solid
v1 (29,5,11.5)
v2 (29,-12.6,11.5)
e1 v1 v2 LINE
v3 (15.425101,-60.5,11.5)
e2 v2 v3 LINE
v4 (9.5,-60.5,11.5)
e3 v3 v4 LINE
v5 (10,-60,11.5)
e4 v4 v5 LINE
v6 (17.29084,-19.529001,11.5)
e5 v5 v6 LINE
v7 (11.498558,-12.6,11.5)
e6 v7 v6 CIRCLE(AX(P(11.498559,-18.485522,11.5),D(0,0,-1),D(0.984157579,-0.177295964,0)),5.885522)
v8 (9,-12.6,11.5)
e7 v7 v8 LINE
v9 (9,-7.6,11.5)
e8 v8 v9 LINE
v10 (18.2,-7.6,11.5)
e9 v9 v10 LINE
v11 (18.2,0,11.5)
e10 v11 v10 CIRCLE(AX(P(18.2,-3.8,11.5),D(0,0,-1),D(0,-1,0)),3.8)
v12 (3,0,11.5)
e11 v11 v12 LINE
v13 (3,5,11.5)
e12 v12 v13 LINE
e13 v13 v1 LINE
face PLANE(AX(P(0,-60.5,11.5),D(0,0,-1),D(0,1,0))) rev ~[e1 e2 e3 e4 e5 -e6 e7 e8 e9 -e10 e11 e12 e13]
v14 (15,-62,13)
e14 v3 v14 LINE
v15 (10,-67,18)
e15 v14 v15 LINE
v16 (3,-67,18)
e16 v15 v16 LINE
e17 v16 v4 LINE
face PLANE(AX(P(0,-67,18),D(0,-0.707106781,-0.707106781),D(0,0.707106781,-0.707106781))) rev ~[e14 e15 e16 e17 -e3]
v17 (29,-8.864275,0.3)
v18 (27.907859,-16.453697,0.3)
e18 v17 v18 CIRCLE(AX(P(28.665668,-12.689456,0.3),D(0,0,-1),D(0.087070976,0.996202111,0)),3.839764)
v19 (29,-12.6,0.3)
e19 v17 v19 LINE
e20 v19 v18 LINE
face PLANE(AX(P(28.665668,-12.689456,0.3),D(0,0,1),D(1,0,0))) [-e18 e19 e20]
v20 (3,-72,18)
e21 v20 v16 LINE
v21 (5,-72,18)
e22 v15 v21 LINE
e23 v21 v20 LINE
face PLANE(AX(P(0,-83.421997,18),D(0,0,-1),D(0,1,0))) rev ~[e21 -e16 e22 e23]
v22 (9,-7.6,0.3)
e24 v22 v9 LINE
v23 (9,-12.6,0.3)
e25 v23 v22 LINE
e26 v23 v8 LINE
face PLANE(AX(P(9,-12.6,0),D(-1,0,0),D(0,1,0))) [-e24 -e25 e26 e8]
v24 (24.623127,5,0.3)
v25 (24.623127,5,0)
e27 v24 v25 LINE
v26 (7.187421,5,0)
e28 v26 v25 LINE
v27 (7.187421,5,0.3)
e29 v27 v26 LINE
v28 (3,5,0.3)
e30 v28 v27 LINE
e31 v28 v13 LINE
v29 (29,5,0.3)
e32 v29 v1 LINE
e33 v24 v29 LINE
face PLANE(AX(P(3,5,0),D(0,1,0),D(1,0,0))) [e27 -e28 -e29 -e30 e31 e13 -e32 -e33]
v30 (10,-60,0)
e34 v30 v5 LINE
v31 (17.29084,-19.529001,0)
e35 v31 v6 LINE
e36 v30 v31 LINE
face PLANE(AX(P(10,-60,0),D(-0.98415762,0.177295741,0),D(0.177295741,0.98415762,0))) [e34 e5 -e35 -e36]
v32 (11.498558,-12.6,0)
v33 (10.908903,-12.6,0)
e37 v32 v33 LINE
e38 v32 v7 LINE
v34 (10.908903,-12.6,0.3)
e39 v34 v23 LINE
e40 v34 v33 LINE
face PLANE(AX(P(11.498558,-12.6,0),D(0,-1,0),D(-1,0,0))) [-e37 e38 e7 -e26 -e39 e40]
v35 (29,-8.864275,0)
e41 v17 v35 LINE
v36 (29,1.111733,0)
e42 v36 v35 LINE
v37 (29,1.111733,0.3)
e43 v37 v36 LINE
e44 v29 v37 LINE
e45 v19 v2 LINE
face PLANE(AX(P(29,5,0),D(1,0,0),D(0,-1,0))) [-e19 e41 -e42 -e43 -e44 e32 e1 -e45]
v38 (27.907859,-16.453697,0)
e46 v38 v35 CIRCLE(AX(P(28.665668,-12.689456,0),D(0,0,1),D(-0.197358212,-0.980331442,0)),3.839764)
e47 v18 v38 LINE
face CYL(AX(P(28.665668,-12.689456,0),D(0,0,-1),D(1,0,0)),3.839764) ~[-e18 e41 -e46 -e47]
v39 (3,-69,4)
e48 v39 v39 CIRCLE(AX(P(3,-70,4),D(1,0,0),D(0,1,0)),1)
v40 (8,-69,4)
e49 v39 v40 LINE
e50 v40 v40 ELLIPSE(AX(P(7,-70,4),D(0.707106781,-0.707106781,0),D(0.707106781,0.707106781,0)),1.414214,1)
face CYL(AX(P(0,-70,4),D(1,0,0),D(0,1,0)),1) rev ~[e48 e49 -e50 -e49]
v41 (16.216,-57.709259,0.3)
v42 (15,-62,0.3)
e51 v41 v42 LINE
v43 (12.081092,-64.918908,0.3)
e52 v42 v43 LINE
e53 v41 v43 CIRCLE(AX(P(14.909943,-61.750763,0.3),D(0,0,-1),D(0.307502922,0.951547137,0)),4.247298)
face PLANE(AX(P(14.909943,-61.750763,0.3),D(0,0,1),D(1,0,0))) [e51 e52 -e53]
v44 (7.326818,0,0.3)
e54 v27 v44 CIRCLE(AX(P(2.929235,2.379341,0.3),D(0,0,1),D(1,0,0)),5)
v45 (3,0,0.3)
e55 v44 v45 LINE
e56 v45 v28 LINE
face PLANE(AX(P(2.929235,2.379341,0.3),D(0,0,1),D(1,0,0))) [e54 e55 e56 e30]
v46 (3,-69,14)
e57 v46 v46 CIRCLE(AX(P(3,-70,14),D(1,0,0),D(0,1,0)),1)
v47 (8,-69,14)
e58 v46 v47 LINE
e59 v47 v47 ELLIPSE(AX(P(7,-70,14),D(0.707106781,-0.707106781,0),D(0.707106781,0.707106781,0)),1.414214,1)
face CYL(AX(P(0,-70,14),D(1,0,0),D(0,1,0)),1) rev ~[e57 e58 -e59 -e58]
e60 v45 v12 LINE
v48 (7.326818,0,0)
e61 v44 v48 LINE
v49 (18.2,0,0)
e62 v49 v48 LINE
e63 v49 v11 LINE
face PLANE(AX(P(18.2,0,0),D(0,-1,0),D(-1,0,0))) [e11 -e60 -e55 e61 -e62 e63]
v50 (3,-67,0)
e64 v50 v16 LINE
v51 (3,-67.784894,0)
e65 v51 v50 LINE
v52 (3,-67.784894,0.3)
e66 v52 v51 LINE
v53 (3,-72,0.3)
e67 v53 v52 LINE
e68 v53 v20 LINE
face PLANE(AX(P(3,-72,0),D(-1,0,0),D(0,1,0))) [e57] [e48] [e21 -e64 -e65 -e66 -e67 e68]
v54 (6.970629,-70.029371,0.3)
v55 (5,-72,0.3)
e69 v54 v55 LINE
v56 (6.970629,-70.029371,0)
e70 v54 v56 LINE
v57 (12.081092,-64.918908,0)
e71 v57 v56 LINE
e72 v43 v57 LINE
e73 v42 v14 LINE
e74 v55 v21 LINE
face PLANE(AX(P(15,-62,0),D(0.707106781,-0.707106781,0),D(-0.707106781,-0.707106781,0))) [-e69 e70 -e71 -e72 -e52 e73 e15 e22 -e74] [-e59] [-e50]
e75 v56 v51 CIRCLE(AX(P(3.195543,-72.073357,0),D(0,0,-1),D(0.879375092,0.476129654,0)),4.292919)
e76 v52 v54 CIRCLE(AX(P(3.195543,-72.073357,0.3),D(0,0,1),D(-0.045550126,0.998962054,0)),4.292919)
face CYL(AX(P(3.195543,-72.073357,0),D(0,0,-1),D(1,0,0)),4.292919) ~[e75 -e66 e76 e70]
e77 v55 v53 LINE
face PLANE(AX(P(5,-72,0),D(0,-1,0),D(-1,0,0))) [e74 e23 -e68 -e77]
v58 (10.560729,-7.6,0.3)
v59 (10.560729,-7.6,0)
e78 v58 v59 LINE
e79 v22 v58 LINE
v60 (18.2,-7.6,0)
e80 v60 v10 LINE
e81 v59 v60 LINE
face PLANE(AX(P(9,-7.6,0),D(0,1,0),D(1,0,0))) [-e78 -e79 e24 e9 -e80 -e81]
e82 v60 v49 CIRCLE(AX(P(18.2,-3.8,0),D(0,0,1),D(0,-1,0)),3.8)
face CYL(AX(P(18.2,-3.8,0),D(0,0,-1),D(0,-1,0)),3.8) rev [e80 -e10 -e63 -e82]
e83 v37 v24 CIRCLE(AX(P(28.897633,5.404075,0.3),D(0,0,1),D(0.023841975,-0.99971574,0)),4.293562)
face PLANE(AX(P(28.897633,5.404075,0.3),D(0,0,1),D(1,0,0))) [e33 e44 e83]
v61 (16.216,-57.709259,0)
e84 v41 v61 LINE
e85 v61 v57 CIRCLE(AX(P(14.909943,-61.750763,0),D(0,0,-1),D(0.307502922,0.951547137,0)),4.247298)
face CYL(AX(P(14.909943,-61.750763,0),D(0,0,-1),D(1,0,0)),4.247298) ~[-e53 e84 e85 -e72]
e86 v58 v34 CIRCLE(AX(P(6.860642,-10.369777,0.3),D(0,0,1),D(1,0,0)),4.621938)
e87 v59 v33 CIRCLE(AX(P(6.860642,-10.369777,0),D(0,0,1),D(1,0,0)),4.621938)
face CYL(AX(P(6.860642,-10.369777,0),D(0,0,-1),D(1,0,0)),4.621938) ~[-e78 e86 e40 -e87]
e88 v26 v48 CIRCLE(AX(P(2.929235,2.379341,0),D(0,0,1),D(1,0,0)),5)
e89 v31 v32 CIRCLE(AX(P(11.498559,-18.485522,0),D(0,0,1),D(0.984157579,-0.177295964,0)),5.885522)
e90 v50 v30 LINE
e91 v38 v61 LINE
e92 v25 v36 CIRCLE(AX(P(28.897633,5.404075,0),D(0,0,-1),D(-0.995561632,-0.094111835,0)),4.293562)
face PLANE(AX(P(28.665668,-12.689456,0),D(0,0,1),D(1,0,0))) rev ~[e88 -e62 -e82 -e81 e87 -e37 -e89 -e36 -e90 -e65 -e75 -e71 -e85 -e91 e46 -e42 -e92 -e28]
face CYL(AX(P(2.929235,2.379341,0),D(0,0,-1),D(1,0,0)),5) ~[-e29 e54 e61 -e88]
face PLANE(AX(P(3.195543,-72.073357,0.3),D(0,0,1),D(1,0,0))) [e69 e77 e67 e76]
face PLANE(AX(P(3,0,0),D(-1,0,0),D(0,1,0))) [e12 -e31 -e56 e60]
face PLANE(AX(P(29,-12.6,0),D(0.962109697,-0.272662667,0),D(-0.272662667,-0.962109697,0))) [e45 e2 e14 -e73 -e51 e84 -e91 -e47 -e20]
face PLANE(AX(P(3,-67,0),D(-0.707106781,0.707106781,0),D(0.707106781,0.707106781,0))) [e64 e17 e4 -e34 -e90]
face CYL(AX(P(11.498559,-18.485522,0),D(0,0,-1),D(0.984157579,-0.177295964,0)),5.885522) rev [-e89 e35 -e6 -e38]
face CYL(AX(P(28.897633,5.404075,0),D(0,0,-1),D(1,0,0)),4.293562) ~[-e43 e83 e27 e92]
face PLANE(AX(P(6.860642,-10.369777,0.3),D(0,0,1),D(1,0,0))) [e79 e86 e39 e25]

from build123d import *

# Parameters (mm, degrees)
SKETCH003_R      = 5
SKETCH003_R_2    = 4.293562
SKETCH003_R_3    = 4.292919
SKETCH003_R_4    = 4.247298
SKETCH003_R_5    = 4.621938
SKETCH003_R_6    = 3.839764
EXTRUDE003_DEPTH = 0.3
SKETCH001_R      = 1
EXTRUDE001_DEPTH = 15
EXTRUDE_DEPTH    = 20
EXTRUDE002_DEPTH = 50


with BuildPart() as punktyklejenia:
    # Sketch003 → Extrude003 (new body)
    with BuildSketch(Plane.XY):
        with Locations((2.929235, 2.379341)):
            Circle(SKETCH003_R)
        with Locations((28.897633, 5.404075)):
            Circle(SKETCH003_R_2)
        with Locations((3.195543, -72.073357)):
            Circle(SKETCH003_R_3)
        with Locations((14.909943, -61.750763)):
            Circle(SKETCH003_R_4)
        with Locations((6.860642, -10.369777)):
            Circle(SKETCH003_R_5)
        with Locations((28.665668, -12.689456)):
            Circle(SKETCH003_R_6)
    extrude(amount=EXTRUDE003_DEPTH)


with BuildPart() as extrude001:
    # Sketch001 → Extrude001 (new body, symmetric)
    with BuildSketch(Plane.YZ):
        with Locations((-70, 4)):
            Circle(SKETCH001_R)
    extrude(amount=EXTRUDE001_DEPTH, both=True)


with BuildPart() as clone:
    # Clone base: copy of Extrude001
    add(extrude001.part)


with BuildPart() as clone_1:
    # Clone placement: moved
    add(clone.part.moved(Location((0, 0, 10))))


with BuildPart() as profil:
    # DWire → Extrude (new body)
    with BuildSketch(Plane.XY):
        with BuildLine():
            Line((10, -60), (17.29084, -19.529001))
            ThreePointArc((17.29084, -19.529001), (16.014131, -14.71074), (11.498558, -12.6))
            Line((11.498558, -12.6), (9, -12.6))
            Line((9, -12.6), (9, -7.6))
            Line((9, -7.6), (18.2, -7.6))
            ThreePointArc((18.2, -7.6), (22, -3.8), (18.2, 0))
            Line((18.2, 0), (3, 0))
            Line((3, 0), (3, 5))
            Line((3, 5), (29, 5))
            Line((29, 5), (29, -12.6))
            Line((29, -12.6), (15, -62))
            Line((15, -62), (5, -72))
            Line((5, -72), (3, -72))
            Line((3, -72), (3, -67))
            Line((3, -67), (10, -60))
        make_face()
    extrude(amount=EXTRUDE_DEPTH)


with BuildPart() as fusion:
    # Sketch002 → Extrude002 (new body, symmetric)
    with BuildSketch(Plane.YZ):
        Polygon((-83.421997, 18), (-67, 18), (-60.5, 11.5), (43.07156, 11.5), (44.937477, -15.860289), (-84.74369, -15.860289), align=None)
    extrude(amount=EXTRUDE002_DEPTH, both=True)

    # Common: intersect profil
    add(profil.part, mode=Mode.INTERSECT)

    # Cut: cut Clone
    add(clone_1.part, mode=Mode.SUBTRACT)

    # Cut001: cut Extrude001
    add(extrude001.part, mode=Mode.SUBTRACT)

    # Fusion: union punktyklejenia
    add(punktyklejenia.part)


solid = fusion.part
